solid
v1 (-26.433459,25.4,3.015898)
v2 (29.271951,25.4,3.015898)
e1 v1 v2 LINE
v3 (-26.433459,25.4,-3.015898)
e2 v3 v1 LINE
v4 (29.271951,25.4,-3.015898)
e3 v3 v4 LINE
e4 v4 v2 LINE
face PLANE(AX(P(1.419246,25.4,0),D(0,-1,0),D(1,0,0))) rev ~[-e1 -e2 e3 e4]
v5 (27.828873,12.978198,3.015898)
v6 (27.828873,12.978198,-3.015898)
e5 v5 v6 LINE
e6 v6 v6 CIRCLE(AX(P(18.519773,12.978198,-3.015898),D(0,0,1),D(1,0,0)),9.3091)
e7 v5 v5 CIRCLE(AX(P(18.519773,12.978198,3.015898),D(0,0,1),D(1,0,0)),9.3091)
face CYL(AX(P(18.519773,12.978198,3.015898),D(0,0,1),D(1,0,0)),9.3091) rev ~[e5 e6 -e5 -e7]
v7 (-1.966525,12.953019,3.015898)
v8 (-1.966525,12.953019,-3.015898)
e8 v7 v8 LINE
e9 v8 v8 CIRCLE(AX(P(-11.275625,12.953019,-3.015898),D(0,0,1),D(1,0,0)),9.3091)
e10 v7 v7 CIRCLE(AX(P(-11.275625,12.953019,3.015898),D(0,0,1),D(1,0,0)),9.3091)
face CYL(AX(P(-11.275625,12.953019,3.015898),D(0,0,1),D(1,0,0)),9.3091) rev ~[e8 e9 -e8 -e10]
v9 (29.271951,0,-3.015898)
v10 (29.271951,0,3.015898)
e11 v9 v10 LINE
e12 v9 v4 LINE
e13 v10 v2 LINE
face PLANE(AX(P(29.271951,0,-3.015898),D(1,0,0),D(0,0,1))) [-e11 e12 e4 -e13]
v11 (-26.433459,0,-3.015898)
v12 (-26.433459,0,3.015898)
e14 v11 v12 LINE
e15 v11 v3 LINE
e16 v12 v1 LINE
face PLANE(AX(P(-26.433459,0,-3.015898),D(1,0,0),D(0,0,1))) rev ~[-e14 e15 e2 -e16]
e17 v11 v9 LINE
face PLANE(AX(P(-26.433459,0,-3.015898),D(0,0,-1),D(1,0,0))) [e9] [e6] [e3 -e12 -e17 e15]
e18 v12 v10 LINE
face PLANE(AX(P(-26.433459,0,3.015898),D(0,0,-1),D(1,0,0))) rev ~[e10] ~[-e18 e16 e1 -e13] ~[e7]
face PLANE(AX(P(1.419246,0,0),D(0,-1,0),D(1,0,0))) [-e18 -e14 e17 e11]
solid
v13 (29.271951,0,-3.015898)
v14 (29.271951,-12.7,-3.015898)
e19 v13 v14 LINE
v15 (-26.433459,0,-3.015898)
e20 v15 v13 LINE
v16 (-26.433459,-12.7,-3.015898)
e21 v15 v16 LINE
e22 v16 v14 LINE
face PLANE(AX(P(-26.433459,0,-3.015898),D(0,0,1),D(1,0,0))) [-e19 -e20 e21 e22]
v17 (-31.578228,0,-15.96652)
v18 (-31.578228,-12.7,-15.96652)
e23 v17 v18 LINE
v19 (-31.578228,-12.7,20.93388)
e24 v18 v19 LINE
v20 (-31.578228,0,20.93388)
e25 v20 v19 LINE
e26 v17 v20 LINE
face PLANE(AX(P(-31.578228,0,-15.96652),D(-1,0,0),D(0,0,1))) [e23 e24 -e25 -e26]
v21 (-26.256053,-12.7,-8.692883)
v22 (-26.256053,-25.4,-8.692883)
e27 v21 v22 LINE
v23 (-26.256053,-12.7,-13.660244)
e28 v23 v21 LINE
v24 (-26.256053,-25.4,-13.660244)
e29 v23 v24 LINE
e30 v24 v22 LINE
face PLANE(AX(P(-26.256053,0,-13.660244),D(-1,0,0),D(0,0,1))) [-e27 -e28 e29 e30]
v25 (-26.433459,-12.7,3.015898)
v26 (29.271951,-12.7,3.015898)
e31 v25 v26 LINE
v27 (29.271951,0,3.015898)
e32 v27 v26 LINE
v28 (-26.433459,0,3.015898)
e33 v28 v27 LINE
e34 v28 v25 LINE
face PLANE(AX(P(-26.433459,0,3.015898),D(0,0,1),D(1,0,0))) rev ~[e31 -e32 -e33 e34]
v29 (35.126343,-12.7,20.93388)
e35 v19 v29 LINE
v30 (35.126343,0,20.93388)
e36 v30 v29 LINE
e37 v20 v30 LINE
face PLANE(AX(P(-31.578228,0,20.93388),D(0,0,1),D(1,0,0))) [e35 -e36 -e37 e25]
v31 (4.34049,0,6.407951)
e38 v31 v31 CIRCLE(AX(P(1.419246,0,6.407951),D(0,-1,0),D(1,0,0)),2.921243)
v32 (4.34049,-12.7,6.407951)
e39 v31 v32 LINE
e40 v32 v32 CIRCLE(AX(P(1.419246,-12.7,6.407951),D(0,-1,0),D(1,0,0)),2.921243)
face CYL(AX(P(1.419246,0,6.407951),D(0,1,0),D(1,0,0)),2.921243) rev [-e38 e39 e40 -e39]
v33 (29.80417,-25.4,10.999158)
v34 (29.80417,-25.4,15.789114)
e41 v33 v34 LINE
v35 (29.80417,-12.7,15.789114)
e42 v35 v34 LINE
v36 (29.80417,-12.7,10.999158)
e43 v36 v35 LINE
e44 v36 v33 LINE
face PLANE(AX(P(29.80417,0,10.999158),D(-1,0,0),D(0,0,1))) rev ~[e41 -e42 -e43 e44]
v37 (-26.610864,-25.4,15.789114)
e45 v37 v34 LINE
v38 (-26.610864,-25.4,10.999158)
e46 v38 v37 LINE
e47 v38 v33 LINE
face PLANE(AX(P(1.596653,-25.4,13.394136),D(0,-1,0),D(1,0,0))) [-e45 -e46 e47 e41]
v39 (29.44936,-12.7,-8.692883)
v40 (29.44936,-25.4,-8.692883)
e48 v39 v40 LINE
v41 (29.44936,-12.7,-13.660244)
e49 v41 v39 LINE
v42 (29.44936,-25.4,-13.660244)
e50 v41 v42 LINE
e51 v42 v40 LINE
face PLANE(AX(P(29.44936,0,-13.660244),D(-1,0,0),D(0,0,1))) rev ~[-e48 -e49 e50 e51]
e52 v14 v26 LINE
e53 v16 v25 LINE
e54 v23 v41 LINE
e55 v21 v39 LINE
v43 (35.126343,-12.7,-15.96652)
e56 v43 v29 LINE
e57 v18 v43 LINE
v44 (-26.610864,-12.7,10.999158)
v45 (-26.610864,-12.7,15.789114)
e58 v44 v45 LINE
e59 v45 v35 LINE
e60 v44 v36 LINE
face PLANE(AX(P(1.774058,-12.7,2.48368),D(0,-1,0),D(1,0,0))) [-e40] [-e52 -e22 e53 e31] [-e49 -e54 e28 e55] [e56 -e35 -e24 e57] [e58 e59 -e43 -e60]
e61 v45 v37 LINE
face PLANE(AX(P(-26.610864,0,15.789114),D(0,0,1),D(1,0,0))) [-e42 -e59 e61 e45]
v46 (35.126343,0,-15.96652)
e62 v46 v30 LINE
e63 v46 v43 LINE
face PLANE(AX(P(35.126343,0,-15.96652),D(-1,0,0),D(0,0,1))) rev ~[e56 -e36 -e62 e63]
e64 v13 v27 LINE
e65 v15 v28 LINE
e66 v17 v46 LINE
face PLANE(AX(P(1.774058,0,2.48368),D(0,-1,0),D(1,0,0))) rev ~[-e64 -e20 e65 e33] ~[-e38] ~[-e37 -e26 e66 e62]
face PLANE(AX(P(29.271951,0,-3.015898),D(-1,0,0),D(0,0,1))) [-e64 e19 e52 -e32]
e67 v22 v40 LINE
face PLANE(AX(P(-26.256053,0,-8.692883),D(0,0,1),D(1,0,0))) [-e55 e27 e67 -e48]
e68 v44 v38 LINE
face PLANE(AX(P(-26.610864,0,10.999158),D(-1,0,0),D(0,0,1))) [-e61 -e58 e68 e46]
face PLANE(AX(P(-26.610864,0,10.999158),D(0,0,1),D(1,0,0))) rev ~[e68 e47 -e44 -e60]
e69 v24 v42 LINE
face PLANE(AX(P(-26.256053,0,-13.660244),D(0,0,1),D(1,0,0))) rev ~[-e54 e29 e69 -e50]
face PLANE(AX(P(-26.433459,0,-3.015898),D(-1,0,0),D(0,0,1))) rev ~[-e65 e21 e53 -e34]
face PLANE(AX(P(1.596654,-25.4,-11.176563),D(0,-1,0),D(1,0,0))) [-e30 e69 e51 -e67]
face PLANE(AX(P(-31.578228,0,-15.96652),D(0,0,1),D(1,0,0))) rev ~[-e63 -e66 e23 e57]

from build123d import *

# Parameters (mm, degrees)
F0_W     = 66.7045712471
F0_H     = 36.9003992528
F0_W_2   = 55.7054132223
F0_H_2   = 4.9673607573
F0_W_3   = 55.705409497
F0_H_3   = 6.0317961033
F0_R     = 2.9212433218
F0_W_4   = 56.415034458
F0_H_4   = 4.789955914
F1_DEPTH = 12.7
F2_DEPTH = 25.4
F3_DEPTH = 25.4
F4_R     = 9.3091
F5_DEPTH = 25.4
F6_DEPTH = 7.12812


with BuildPart() as f1:
    # F0 (on Front) → F1 (new body)
    with BuildSketch(Plane.XZ):
        with Locations((1.7740577459, 2.483679913)):
            Rectangle(F0_W, F0_H)
        with Locations((1.596653834, -11.1765633337)):
            Rectangle(F0_W_2, F0_H_2, mode=Mode.SUBTRACT)
        with Locations((1.4192461967, 1.164e-07)):
            Rectangle(F0_W_3, F0_H_3, mode=Mode.SUBTRACT)
        with Locations((1.4192461967, 6.4079510048)):
            Circle(F0_R, mode=Mode.SUBTRACT)
        with Locations((1.5966529027, 13.3941359818)):
            Rectangle(F0_W_4, F0_H_4, mode=Mode.SUBTRACT)
    extrude(amount=F1_DEPTH)

    # F0 (on Front) → F2 (join)
    with BuildSketch(Plane.XZ):
        with Locations((1.5966529027, 13.3941359818)):
            Rectangle(F0_W_4, F0_H_4)
        with Locations((1.596653834, -11.1765633337)):
            Rectangle(F0_W_2, F0_H_2)
    extrude(amount=F2_DEPTH)

    # F0 (on Front) → F6 (cut)
    with BuildSketch(Plane.XZ):
        with Locations((1.4192461967, 6.4079510048)):
            Circle(F0_R)
    extrude(amount=-F6_DEPTH, mode=Mode.SUBTRACT)


with BuildPart() as f3:
    # F0 (on Front) → F3 (new body)
    with BuildSketch(Plane.XZ):
        with Locations((1.4192461967, 1.164e-07)):
            Rectangle(F0_W_3, F0_H_3)
    extrude(amount=-F3_DEPTH)

    # F4 (on face) → F5 (cut)
    with BuildSketch(Plane.XY.offset(3.0158981681)):
        with Locations((18.5197732105, 12.978198365)):
            Circle(F4_R)
        with Locations((-11.2756254383, 12.9530187696)):
            Circle(F4_R)
    extrude(amount=-F5_DEPTH, mode=Mode.SUBTRACT)


solid = Compound([f1.part, f3.part])
